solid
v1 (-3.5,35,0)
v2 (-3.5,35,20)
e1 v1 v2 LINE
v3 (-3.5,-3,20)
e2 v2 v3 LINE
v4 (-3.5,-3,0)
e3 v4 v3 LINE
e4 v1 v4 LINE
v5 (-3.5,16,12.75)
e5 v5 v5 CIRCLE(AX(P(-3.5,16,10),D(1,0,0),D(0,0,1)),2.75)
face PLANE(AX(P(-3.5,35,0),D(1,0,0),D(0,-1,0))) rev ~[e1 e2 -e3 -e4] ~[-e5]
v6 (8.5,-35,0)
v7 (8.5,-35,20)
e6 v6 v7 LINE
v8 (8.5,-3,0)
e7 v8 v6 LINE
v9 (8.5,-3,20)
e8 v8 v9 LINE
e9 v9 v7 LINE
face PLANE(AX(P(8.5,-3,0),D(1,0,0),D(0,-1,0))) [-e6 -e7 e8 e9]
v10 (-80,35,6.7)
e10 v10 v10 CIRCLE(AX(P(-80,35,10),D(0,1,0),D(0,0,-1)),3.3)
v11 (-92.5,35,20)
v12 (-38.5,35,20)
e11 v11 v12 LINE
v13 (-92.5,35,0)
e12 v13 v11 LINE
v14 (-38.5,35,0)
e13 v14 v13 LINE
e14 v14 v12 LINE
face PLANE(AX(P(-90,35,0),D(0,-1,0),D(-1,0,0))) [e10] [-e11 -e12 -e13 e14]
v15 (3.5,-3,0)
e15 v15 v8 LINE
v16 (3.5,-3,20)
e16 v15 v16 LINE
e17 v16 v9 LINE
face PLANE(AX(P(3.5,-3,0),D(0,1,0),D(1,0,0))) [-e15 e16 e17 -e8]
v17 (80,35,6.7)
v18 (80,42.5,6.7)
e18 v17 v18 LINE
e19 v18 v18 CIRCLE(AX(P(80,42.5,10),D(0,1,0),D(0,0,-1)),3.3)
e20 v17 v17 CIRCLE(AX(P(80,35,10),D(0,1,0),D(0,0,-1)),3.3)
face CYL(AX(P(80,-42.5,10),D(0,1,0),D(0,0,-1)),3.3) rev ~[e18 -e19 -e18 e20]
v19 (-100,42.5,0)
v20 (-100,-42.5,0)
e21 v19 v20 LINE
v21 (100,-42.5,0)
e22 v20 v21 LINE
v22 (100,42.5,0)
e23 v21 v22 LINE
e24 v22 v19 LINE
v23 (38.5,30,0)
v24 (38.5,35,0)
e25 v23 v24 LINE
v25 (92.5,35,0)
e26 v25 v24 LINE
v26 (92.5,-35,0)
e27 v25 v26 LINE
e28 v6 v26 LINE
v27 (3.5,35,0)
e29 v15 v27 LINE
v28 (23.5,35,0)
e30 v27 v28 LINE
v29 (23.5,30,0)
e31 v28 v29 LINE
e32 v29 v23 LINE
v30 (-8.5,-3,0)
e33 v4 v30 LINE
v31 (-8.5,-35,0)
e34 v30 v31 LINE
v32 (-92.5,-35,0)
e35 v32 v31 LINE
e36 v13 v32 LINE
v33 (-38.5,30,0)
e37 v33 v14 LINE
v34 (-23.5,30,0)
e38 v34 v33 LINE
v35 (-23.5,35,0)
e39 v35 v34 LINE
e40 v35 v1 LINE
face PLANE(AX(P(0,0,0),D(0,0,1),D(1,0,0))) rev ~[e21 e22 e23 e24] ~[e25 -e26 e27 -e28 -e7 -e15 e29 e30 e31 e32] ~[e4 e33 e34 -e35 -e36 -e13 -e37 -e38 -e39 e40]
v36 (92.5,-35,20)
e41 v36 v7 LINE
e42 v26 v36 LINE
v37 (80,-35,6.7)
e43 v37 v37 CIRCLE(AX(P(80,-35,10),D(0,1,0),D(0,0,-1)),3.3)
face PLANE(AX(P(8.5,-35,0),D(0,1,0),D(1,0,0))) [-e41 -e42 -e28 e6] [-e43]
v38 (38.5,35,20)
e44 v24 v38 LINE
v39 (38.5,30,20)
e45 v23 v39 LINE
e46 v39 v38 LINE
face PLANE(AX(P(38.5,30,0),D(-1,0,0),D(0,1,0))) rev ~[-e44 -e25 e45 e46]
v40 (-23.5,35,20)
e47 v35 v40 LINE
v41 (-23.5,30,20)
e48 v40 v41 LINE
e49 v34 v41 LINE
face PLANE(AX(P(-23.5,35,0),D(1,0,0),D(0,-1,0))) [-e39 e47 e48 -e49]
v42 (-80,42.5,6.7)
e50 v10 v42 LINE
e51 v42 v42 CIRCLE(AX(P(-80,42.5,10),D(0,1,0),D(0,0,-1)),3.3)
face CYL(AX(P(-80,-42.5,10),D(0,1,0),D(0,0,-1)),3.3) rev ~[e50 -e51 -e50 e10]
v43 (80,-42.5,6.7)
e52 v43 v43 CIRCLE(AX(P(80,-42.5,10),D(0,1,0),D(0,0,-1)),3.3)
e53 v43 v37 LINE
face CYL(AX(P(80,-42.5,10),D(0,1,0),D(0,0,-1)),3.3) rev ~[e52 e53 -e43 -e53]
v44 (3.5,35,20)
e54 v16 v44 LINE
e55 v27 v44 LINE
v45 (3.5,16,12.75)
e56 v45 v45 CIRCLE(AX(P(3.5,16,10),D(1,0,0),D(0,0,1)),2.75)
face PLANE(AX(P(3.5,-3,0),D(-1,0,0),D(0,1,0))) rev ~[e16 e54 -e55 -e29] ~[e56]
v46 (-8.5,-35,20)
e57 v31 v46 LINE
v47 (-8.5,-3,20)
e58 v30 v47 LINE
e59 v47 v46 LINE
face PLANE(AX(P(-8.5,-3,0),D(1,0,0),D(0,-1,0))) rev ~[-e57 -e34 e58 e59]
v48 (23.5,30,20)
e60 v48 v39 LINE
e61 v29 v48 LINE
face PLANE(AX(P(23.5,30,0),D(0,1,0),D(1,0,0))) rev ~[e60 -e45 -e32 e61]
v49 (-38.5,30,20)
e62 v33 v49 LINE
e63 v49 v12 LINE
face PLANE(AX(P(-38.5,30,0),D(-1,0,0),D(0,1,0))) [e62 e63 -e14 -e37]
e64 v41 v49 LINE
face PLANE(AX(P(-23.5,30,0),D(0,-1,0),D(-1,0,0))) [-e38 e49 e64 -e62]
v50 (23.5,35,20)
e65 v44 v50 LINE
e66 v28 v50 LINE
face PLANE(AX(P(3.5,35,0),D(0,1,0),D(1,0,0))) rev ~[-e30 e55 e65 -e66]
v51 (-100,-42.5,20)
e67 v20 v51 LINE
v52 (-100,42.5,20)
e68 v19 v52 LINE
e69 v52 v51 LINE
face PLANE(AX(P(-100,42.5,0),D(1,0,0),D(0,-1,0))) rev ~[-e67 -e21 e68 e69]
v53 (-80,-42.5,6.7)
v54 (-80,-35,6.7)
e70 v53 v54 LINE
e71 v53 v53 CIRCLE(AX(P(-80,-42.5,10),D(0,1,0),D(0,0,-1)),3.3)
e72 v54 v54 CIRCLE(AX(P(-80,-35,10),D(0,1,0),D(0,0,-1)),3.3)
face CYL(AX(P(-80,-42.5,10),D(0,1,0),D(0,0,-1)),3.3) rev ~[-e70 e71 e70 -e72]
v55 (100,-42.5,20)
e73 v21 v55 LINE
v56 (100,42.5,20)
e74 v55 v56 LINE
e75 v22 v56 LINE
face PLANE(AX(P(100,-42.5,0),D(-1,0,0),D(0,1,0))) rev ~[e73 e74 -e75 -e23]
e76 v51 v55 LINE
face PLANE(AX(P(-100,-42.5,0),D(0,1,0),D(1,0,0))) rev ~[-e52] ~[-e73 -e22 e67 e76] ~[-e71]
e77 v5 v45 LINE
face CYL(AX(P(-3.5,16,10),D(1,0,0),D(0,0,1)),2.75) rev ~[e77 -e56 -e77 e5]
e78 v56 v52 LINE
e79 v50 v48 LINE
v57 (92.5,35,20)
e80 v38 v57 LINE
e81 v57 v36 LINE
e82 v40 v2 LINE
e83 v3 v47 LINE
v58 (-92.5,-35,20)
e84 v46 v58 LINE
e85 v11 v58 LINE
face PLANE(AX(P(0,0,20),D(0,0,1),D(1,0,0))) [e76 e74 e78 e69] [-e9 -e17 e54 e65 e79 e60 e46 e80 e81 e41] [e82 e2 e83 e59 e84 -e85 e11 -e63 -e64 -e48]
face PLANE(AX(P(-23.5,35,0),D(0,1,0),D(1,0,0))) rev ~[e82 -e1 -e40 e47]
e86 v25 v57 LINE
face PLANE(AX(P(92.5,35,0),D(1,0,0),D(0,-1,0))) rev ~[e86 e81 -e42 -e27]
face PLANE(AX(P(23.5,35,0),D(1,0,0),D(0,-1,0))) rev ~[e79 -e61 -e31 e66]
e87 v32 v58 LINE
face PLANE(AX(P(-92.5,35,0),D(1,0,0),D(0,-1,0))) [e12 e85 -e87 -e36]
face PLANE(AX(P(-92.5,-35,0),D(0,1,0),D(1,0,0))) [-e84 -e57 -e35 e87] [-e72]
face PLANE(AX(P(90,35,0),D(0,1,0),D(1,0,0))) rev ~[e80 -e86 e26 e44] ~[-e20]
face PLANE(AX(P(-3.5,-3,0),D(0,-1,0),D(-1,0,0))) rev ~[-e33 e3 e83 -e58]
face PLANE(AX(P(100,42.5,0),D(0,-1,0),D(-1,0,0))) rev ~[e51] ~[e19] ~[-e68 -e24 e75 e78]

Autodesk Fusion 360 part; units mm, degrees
sketch "Sketch1" plane through (0, 0, 0) normal (0, 0, 1) x (1, 0, 0)
  line L0 (80, 0) -> (-80, 0) construction
  line L1 (100, 42.5) -> (-100, 42.5)
  line L2 (-100, 42.5) -> (-100, -42.5)
  line L3 (-100, -42.5) -> (100, -42.5)
  line L4 (100, -42.5) -> (100, 42.5)
  circle A0 centre (80, 0) radius 2.75
  circle A1 centre (-80, 0) radius 2.75
  line L5 (-90, 35) -> (-3.5, 35)
  line L6 (3.5, 35) -> (90, 35)
  line L7 (3.5, -35) -> (90, -35)
  line L8 (-3.5, -35) -> (-90, -35)
  line L9 (-3.5, 35) -> (-3.5, -3)
  line L10 (3.5, -3) -> (3.5, 35)
  line L11 (3.5, -3) -> (8.5, -3)
  line L12 (-3.5, -3) -> (-8.5, -3)
  line L13 (8.5, -3) -> (8.5, -35)
  line L14 (-8.5, -3) -> (-8.5, -35)
  line L15 (-90, 35) -> (-92.5, 35)
  line L16 (-92.5, 35) -> (-92.5, -35)
  line L17 (-92.5, -35) -> (-90, -35)
  line L18 (90, 35) -> (92.5, 35)
  line L19 (92.5, 35) -> (92.5, -35)
  line L20 (92.5, -35) -> (90, -35)
  line L21 (-23.5, 35) -> (-23.5, 30)
  line L22 (-23.5, 30) -> (-38.5, 30)
  line L23 (-38.5, 30) -> (-38.5, 35)
  line L24 (23.5, 35) -> (23.5, 30)
  line L25 (23.5, 30) -> (38.5, 30)
  line L26 (38.5, 30) -> (38.5, 35)
  dimension "d9" = 160
  dimension "d12" = 200
  dimension "d13" = 85
  dimension "d14" = 5.5
  dimension "d15" = 5.5
  dimension "d46" = 7
  dimension "d47" = 38
  dimension "d55" = 5
  dimension "d56" = 5
  dimension "d66" = 2.5
  dimension "d67" = 2.5
  dimension "d68" = 20
  dimension "d69" = 15
  dimension "d70" = 20
  dimension "d71" = 15
sketch "Sketch3" plane through (0, -42.5, 0) normal (0, -1, 0) x (1, 0, 0)
  line L0 (-100, 0) -> (100, 0)
  line L1 (100, 0) -> (100, 20)
  line L2 (100, 20) -> (-100, 20)
  line L3 (-100, 20) -> (-100, 0)
  line L4 (-100, 10) -> (-80, 10) construction
  line L5 (100, 10) -> (80, 10) construction
  dimension "d50" = 20
  dimension "d51" = 20
sketch "Sketch4" plane through (-3.5, 0, 0) normal (-1, 0, 0) x (0, -1, 0)
  line L0 (-35, 0) -> (3, 0)
  line L1 (3, 0) -> (3, 20)
  line L2 (3, 20) -> (-35, 20)
  line L3 (-35, 20) -> (-35, 0)
  line L4 (-35, 10) -> (3, 10) construction
  line L5 (-16, 20) -> (-16, 0) construction
  circle A0 centre (-16, 10) radius 2.75
  dimension "d62" = 5.5
extrude "Extrude7" add sketch "Sketch1" along normal blind 20 contours L1 L2 L3 L4 | L5 L21 L22 L23 | L6 L24 L25 L26
hole "Hole6" at (-80, -42.5, 10) at (80, -42.5, 10) direction (0, 1, 0) diameter 6.6 depth 85 tip angle 180
hole "Hole7" at (-3.5, 16, 10) direction (1, 0, 0) diameter 5.5 depth 7 tip angle 180
